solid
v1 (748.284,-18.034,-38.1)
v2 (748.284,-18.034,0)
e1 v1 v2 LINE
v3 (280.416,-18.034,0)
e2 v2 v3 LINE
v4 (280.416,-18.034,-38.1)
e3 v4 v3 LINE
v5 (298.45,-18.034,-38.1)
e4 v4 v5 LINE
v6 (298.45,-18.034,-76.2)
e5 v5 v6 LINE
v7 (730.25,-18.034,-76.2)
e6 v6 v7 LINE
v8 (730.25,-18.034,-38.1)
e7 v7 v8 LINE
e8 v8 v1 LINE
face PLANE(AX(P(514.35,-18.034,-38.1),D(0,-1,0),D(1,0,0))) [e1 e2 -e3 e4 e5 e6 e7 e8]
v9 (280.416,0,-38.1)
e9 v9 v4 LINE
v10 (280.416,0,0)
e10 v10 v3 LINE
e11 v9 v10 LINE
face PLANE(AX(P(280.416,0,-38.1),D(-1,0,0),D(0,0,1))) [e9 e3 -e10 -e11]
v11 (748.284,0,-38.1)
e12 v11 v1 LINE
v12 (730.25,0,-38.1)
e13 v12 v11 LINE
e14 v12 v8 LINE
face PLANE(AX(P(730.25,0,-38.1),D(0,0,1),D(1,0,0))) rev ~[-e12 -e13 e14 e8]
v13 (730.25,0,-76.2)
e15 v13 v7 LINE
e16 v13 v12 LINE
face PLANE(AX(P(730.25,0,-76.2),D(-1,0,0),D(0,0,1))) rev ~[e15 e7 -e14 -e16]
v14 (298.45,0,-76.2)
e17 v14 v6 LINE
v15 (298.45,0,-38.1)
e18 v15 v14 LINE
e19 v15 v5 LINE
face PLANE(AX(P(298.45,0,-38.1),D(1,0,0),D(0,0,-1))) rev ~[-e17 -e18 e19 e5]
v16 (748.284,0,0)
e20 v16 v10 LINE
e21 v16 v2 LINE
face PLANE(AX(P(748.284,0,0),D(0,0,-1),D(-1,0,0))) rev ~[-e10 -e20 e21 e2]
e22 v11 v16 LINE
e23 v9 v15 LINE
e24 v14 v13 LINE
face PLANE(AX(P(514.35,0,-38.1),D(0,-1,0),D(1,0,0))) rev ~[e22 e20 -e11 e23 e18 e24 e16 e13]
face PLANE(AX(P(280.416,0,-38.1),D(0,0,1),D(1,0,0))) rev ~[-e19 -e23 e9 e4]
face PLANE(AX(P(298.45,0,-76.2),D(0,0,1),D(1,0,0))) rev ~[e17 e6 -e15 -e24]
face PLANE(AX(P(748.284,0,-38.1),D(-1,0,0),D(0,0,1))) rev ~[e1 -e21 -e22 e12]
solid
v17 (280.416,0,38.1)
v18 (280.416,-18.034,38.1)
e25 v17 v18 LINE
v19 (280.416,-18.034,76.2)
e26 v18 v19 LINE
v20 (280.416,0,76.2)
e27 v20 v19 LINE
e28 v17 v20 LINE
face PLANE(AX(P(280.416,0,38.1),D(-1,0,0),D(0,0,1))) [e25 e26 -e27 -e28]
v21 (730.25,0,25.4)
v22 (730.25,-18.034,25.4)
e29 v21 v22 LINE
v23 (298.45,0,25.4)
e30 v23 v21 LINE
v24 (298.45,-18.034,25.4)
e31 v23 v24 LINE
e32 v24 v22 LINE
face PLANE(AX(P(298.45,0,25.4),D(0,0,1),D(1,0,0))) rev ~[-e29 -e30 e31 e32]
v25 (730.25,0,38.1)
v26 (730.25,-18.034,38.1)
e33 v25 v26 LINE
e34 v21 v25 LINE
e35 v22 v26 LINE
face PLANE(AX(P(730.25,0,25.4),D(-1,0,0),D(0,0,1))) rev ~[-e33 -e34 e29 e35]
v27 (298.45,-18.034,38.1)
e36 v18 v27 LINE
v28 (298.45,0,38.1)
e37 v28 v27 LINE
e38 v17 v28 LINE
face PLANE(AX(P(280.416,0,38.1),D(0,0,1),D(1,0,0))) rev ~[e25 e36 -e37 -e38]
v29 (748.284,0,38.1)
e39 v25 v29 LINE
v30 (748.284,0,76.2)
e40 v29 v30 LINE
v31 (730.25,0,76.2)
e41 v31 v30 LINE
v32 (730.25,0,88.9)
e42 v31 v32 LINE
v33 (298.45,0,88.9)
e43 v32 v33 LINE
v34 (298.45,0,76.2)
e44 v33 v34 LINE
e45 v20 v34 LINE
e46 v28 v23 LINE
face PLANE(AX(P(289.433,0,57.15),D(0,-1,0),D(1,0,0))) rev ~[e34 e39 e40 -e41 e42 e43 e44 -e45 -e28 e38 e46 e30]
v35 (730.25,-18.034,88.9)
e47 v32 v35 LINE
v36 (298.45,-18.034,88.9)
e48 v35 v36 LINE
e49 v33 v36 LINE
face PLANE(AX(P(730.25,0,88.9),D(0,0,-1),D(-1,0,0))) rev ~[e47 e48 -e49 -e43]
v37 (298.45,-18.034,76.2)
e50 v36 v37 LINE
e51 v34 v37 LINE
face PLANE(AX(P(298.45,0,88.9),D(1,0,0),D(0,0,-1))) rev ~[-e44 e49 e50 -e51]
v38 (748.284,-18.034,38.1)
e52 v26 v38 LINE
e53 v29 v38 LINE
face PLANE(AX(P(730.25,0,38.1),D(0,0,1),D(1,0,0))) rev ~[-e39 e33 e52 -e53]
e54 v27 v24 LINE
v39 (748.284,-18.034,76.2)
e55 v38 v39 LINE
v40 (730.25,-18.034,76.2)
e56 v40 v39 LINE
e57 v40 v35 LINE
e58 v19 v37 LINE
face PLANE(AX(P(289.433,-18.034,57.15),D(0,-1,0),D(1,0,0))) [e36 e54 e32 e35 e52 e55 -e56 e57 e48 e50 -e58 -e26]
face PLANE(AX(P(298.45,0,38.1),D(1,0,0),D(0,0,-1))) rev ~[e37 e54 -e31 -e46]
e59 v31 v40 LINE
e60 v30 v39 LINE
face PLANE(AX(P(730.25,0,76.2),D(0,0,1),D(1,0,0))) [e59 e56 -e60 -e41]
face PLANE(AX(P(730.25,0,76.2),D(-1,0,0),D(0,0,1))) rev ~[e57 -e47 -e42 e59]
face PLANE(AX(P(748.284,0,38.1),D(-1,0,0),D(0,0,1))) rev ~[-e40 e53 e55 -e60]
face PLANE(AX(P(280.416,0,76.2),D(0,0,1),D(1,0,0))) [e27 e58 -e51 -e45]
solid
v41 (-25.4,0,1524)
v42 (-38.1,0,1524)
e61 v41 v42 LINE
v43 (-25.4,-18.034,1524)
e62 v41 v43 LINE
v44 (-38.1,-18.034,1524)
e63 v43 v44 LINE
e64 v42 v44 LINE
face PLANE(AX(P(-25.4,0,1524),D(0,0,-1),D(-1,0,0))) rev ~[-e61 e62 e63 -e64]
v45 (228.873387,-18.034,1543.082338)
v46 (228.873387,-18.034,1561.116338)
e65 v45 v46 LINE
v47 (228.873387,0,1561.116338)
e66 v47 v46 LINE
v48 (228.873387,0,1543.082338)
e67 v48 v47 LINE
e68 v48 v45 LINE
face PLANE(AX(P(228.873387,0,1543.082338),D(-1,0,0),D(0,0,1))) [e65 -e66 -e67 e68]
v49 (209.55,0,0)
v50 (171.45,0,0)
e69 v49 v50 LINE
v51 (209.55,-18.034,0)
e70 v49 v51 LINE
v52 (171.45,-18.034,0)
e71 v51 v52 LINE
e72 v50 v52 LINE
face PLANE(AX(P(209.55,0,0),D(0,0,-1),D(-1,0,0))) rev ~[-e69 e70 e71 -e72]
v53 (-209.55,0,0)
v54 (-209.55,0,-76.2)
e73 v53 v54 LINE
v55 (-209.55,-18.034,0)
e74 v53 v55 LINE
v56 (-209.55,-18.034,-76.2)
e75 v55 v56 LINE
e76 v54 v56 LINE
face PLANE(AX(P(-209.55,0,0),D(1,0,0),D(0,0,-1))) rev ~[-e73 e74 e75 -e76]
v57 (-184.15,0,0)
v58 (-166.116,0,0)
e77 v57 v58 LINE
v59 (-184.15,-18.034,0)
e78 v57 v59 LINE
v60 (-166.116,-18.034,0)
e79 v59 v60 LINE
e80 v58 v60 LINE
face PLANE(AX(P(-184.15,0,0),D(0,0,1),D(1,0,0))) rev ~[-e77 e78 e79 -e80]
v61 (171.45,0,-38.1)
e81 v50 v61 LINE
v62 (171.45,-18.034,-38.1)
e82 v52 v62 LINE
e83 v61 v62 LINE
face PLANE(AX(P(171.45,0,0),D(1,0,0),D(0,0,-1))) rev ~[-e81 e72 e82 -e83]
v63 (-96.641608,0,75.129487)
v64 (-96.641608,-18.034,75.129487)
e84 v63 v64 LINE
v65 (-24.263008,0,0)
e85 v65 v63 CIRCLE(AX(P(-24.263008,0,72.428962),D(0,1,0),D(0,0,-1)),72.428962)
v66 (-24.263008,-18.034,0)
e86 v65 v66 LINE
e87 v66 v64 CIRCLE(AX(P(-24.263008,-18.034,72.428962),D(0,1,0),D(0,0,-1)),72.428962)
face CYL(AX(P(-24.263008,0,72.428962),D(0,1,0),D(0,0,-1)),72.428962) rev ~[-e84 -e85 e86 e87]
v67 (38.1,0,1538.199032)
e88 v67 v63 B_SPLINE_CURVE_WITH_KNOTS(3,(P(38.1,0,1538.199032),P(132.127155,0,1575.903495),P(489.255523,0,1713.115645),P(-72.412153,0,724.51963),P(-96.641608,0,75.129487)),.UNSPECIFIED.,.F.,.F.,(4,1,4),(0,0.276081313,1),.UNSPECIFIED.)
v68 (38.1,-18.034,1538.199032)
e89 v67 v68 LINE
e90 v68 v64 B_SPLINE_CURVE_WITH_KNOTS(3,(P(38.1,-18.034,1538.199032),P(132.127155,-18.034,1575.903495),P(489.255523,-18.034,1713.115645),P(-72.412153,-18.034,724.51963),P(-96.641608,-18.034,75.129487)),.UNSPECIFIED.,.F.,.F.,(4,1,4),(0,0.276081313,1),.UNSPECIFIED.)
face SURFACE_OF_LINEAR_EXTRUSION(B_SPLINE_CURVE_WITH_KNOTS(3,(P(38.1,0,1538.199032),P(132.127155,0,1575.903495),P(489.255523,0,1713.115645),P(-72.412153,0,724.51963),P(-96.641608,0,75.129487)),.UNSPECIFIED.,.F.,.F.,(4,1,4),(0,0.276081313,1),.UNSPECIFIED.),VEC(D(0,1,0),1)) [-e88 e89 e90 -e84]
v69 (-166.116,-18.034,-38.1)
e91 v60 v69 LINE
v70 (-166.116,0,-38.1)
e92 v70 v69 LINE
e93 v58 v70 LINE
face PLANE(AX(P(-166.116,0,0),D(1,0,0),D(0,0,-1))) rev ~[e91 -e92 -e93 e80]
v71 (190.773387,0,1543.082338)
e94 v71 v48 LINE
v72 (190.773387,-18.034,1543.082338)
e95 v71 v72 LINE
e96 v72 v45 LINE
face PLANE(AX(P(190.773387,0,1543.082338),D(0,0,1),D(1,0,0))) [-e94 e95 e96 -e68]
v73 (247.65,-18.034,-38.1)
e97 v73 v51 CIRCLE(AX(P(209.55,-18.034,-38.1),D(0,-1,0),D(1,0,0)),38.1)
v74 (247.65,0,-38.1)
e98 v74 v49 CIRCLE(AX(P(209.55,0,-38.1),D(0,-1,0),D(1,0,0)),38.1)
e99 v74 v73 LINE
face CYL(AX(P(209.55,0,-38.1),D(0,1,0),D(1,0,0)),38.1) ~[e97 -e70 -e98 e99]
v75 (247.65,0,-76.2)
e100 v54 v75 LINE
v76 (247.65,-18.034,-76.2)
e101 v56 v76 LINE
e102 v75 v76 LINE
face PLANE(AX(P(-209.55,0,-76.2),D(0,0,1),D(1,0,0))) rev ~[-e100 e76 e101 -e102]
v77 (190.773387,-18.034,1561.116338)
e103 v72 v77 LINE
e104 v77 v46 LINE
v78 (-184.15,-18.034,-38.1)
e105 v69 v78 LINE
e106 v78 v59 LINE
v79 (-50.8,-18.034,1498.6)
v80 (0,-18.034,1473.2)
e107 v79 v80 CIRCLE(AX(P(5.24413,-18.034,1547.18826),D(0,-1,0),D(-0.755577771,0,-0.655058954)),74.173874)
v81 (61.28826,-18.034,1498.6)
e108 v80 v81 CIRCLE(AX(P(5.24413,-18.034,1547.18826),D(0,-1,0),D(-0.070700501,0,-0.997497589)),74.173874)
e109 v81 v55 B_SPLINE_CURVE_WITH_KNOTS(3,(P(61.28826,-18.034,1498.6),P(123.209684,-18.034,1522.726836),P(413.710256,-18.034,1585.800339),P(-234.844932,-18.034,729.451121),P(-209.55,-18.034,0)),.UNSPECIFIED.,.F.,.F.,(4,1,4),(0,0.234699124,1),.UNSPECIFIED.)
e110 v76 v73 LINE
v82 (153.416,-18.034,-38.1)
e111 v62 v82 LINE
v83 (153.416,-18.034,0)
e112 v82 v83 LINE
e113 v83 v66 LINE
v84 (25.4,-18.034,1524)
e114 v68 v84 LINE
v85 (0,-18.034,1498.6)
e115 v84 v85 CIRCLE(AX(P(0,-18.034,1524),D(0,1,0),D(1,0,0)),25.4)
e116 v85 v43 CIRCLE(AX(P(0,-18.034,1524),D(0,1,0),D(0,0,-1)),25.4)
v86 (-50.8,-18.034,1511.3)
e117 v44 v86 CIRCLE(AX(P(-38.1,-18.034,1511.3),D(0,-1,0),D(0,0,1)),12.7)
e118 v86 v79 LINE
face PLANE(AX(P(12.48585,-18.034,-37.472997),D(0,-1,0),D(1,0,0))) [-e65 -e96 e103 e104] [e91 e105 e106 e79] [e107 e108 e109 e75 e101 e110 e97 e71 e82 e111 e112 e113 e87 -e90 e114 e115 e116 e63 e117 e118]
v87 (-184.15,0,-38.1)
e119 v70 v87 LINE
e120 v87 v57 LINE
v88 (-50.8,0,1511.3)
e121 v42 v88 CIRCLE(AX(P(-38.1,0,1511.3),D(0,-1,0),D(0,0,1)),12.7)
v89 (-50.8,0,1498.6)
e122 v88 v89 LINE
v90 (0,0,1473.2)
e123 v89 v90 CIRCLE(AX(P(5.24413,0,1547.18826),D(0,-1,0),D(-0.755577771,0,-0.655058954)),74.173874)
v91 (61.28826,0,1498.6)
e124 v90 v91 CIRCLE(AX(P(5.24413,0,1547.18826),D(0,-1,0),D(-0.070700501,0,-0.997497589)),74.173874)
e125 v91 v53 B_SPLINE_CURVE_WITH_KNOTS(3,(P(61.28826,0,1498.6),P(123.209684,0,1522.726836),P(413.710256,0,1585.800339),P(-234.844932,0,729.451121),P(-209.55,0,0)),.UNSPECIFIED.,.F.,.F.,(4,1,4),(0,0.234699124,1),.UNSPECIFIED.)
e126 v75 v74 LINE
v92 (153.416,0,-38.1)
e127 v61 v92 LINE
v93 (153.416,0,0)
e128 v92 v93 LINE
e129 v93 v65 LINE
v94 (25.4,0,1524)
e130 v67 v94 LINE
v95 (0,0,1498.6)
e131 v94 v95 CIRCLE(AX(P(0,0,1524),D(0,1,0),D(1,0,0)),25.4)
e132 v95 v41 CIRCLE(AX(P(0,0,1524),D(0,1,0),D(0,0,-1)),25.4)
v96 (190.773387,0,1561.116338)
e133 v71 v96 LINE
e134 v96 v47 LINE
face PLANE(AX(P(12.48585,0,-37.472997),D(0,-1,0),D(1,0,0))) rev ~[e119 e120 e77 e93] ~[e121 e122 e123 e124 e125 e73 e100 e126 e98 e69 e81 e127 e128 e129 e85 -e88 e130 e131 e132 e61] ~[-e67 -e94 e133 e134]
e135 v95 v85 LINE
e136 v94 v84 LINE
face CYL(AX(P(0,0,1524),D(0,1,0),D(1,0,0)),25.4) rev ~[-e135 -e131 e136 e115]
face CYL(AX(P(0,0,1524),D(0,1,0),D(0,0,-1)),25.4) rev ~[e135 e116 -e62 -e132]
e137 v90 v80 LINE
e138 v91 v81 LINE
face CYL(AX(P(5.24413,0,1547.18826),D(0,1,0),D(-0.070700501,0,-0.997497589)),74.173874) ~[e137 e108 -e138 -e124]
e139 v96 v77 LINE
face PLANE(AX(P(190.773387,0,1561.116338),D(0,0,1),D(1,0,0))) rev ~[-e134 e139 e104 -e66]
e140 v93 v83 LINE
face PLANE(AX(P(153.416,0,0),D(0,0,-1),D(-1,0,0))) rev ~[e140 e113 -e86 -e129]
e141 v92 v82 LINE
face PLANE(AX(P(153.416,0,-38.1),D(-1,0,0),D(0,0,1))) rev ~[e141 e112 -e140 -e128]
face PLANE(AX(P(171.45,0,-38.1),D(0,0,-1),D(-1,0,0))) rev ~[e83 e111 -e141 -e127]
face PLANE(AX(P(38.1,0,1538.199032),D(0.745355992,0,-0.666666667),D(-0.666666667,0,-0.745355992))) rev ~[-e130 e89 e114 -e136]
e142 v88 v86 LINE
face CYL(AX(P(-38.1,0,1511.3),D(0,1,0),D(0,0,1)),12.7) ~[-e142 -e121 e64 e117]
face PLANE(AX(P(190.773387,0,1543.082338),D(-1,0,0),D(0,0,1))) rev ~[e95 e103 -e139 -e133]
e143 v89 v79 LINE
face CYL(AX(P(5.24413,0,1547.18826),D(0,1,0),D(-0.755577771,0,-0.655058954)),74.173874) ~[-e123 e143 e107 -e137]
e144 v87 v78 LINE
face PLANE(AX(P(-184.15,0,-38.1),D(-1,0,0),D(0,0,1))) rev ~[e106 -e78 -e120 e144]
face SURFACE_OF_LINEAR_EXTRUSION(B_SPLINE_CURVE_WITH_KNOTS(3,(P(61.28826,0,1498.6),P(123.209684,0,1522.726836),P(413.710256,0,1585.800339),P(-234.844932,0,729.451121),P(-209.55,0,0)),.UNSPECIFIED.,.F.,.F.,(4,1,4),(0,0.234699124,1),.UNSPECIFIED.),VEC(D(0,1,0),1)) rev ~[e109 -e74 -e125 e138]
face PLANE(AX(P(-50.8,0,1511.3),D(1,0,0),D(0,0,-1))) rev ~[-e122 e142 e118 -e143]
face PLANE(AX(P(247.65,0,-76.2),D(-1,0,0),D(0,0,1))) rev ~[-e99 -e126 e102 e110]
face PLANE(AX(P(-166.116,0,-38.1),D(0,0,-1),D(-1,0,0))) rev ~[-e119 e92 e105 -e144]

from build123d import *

# Parameters (mm, degrees)
F0_W     = 18.034
F0_H     = 38.1
F1_DEPTH = 18.034
F0_W_2   = 38.1
F0_H_2   = 18.034


with BuildPart() as f1:
    # F0 (on Front) → F1 (new body)
    with BuildSketch(Plane.XZ):
        Polygon((730.25, 0), (298.45, 0), (298.45, -38.1), (298.45, -76.2), (730.25, -76.2), (730.25, -38.1), align=None)
        with Locations((289.433, -19.05)):
            Rectangle(F0_W, F0_H)
        with Locations((739.267, -19.05)):
            Rectangle(F0_W, F0_H)
    extrude(amount=F1_DEPTH)


with BuildPart() as f1b:
    # F0 (on Front) → F1, piece 2 (new body)
    with BuildSketch(Plane.XZ):
        with BuildLine():
            Line((-184.15, 0), (-209.55, 0))
            Line((-209.55, 0), (-209.55, -76.2))
            Line((-209.55, -76.2), (247.65, -76.2))
            Line((247.65, -76.2), (247.65, -38.1))
            ThreePointArc((247.65, -38.1), (236.4907683632, -11.1592316368), (209.55, 0))
            Line((209.55, 0), (171.45, 0))
            Line((171.45, 0), (171.45, -38.1))
            Line((171.45, -38.1), (153.416, -38.1))
            Line((153.416, -38.1), (153.416, 0))
            Line((153.416, 0), (-24.2630077299, 0))
            Line((-24.2630077299, 0), (-166.116, 0))
            Line((-166.116, 0), (-166.116, -38.1))
            Line((-166.116, -38.1), (-184.15, -38.1))
            Line((-184.15, -38.1), (-184.15, 0))
        make_face()
        with BuildLine():
            add(Edge.make_bspline(
                [(61.2882599734, 1498.6), (123.2096838063, 1522.726835876), (413.710255519, 1585.8003394725), (-234.8449324839, 729.4511206789), (-209.55, 0)],
                knots=[0, 0, 0, 0, 0.2346991242, 1, 1, 1, 1], degree=3))
            Line((-209.55, 0), (-184.15, 0))
            Line((-184.15, 0), (-166.116, 0))
            Line((-166.116, 0), (-24.2630077299, 0))
            ThreePointArc((-24.2630077299, 0), (-76.4240599539, 22.1778011054), (-96.6416075826, 75.1294866204))
            add(Edge.make_bspline(
                [(38.1, 1538.1990316571), (132.1271545862, 1575.9034953538), (489.2555231672, 1713.1156448449), (-72.4121528108, 724.5196297428), (-96.6416075826, 75.1294866204)],
                knots=[0, 0, 0, 0, 0.2760813128, 1, 1, 1, 1], degree=3))
            Line((38.1, 1538.1990316571), (25.4, 1524))
            ThreePointArc((25.4, 1524), (17.9605122421, 1506.0394877579), (0, 1498.6))
            Line((0, 1498.6), (0, 1473.2))
            ThreePointArc((0, 1473.2), (33.6421933009, 1478.6659022118), (61.2882599734, 1498.6))
        make_face()
        with Locations((209.8233869791, 1552.0993377762)):
            Rectangle(F0_W_2, F0_H_2, mode=Mode.SUBTRACT)
        with BuildLine():
            ThreePointArc((-50.8, 1498.6), (-27.9274346831, 1480.8451306338), (0, 1473.2))
            Line((0, 1473.2), (0, 1498.6))
            ThreePointArc((0, 1498.6), (-17.9605122421, 1506.0394877579), (-25.4, 1524))
            Line((-25.4, 1524), (-38.1, 1524))
            ThreePointArc((-38.1, 1524), (-47.0802561211, 1520.2802561211), (-50.8, 1511.3))
            Line((-50.8, 1511.3), (-50.8, 1498.6))
        make_face()
    extrude(amount=F1_DEPTH)


with BuildPart() as f1c:
    # F0 (on Front) → F1, piece 3 (new body)
    with BuildSketch(Plane.XZ):
        with Locations((289.433, 57.15)):
            Rectangle(F0_W, F0_H)
        Polygon((298.45, 38.1), (298.45, 25.4), (730.25, 25.4), (730.25, 38.1), (730.25, 76.2), (730.25, 88.9), (298.45, 88.9), (298.45, 76.2), align=None)
        with Locations((739.267, 57.15)):
            Rectangle(F0_W, F0_H)
    extrude(amount=F1_DEPTH)


solid = Compound([f1.part, f1b.part, f1c.part])
